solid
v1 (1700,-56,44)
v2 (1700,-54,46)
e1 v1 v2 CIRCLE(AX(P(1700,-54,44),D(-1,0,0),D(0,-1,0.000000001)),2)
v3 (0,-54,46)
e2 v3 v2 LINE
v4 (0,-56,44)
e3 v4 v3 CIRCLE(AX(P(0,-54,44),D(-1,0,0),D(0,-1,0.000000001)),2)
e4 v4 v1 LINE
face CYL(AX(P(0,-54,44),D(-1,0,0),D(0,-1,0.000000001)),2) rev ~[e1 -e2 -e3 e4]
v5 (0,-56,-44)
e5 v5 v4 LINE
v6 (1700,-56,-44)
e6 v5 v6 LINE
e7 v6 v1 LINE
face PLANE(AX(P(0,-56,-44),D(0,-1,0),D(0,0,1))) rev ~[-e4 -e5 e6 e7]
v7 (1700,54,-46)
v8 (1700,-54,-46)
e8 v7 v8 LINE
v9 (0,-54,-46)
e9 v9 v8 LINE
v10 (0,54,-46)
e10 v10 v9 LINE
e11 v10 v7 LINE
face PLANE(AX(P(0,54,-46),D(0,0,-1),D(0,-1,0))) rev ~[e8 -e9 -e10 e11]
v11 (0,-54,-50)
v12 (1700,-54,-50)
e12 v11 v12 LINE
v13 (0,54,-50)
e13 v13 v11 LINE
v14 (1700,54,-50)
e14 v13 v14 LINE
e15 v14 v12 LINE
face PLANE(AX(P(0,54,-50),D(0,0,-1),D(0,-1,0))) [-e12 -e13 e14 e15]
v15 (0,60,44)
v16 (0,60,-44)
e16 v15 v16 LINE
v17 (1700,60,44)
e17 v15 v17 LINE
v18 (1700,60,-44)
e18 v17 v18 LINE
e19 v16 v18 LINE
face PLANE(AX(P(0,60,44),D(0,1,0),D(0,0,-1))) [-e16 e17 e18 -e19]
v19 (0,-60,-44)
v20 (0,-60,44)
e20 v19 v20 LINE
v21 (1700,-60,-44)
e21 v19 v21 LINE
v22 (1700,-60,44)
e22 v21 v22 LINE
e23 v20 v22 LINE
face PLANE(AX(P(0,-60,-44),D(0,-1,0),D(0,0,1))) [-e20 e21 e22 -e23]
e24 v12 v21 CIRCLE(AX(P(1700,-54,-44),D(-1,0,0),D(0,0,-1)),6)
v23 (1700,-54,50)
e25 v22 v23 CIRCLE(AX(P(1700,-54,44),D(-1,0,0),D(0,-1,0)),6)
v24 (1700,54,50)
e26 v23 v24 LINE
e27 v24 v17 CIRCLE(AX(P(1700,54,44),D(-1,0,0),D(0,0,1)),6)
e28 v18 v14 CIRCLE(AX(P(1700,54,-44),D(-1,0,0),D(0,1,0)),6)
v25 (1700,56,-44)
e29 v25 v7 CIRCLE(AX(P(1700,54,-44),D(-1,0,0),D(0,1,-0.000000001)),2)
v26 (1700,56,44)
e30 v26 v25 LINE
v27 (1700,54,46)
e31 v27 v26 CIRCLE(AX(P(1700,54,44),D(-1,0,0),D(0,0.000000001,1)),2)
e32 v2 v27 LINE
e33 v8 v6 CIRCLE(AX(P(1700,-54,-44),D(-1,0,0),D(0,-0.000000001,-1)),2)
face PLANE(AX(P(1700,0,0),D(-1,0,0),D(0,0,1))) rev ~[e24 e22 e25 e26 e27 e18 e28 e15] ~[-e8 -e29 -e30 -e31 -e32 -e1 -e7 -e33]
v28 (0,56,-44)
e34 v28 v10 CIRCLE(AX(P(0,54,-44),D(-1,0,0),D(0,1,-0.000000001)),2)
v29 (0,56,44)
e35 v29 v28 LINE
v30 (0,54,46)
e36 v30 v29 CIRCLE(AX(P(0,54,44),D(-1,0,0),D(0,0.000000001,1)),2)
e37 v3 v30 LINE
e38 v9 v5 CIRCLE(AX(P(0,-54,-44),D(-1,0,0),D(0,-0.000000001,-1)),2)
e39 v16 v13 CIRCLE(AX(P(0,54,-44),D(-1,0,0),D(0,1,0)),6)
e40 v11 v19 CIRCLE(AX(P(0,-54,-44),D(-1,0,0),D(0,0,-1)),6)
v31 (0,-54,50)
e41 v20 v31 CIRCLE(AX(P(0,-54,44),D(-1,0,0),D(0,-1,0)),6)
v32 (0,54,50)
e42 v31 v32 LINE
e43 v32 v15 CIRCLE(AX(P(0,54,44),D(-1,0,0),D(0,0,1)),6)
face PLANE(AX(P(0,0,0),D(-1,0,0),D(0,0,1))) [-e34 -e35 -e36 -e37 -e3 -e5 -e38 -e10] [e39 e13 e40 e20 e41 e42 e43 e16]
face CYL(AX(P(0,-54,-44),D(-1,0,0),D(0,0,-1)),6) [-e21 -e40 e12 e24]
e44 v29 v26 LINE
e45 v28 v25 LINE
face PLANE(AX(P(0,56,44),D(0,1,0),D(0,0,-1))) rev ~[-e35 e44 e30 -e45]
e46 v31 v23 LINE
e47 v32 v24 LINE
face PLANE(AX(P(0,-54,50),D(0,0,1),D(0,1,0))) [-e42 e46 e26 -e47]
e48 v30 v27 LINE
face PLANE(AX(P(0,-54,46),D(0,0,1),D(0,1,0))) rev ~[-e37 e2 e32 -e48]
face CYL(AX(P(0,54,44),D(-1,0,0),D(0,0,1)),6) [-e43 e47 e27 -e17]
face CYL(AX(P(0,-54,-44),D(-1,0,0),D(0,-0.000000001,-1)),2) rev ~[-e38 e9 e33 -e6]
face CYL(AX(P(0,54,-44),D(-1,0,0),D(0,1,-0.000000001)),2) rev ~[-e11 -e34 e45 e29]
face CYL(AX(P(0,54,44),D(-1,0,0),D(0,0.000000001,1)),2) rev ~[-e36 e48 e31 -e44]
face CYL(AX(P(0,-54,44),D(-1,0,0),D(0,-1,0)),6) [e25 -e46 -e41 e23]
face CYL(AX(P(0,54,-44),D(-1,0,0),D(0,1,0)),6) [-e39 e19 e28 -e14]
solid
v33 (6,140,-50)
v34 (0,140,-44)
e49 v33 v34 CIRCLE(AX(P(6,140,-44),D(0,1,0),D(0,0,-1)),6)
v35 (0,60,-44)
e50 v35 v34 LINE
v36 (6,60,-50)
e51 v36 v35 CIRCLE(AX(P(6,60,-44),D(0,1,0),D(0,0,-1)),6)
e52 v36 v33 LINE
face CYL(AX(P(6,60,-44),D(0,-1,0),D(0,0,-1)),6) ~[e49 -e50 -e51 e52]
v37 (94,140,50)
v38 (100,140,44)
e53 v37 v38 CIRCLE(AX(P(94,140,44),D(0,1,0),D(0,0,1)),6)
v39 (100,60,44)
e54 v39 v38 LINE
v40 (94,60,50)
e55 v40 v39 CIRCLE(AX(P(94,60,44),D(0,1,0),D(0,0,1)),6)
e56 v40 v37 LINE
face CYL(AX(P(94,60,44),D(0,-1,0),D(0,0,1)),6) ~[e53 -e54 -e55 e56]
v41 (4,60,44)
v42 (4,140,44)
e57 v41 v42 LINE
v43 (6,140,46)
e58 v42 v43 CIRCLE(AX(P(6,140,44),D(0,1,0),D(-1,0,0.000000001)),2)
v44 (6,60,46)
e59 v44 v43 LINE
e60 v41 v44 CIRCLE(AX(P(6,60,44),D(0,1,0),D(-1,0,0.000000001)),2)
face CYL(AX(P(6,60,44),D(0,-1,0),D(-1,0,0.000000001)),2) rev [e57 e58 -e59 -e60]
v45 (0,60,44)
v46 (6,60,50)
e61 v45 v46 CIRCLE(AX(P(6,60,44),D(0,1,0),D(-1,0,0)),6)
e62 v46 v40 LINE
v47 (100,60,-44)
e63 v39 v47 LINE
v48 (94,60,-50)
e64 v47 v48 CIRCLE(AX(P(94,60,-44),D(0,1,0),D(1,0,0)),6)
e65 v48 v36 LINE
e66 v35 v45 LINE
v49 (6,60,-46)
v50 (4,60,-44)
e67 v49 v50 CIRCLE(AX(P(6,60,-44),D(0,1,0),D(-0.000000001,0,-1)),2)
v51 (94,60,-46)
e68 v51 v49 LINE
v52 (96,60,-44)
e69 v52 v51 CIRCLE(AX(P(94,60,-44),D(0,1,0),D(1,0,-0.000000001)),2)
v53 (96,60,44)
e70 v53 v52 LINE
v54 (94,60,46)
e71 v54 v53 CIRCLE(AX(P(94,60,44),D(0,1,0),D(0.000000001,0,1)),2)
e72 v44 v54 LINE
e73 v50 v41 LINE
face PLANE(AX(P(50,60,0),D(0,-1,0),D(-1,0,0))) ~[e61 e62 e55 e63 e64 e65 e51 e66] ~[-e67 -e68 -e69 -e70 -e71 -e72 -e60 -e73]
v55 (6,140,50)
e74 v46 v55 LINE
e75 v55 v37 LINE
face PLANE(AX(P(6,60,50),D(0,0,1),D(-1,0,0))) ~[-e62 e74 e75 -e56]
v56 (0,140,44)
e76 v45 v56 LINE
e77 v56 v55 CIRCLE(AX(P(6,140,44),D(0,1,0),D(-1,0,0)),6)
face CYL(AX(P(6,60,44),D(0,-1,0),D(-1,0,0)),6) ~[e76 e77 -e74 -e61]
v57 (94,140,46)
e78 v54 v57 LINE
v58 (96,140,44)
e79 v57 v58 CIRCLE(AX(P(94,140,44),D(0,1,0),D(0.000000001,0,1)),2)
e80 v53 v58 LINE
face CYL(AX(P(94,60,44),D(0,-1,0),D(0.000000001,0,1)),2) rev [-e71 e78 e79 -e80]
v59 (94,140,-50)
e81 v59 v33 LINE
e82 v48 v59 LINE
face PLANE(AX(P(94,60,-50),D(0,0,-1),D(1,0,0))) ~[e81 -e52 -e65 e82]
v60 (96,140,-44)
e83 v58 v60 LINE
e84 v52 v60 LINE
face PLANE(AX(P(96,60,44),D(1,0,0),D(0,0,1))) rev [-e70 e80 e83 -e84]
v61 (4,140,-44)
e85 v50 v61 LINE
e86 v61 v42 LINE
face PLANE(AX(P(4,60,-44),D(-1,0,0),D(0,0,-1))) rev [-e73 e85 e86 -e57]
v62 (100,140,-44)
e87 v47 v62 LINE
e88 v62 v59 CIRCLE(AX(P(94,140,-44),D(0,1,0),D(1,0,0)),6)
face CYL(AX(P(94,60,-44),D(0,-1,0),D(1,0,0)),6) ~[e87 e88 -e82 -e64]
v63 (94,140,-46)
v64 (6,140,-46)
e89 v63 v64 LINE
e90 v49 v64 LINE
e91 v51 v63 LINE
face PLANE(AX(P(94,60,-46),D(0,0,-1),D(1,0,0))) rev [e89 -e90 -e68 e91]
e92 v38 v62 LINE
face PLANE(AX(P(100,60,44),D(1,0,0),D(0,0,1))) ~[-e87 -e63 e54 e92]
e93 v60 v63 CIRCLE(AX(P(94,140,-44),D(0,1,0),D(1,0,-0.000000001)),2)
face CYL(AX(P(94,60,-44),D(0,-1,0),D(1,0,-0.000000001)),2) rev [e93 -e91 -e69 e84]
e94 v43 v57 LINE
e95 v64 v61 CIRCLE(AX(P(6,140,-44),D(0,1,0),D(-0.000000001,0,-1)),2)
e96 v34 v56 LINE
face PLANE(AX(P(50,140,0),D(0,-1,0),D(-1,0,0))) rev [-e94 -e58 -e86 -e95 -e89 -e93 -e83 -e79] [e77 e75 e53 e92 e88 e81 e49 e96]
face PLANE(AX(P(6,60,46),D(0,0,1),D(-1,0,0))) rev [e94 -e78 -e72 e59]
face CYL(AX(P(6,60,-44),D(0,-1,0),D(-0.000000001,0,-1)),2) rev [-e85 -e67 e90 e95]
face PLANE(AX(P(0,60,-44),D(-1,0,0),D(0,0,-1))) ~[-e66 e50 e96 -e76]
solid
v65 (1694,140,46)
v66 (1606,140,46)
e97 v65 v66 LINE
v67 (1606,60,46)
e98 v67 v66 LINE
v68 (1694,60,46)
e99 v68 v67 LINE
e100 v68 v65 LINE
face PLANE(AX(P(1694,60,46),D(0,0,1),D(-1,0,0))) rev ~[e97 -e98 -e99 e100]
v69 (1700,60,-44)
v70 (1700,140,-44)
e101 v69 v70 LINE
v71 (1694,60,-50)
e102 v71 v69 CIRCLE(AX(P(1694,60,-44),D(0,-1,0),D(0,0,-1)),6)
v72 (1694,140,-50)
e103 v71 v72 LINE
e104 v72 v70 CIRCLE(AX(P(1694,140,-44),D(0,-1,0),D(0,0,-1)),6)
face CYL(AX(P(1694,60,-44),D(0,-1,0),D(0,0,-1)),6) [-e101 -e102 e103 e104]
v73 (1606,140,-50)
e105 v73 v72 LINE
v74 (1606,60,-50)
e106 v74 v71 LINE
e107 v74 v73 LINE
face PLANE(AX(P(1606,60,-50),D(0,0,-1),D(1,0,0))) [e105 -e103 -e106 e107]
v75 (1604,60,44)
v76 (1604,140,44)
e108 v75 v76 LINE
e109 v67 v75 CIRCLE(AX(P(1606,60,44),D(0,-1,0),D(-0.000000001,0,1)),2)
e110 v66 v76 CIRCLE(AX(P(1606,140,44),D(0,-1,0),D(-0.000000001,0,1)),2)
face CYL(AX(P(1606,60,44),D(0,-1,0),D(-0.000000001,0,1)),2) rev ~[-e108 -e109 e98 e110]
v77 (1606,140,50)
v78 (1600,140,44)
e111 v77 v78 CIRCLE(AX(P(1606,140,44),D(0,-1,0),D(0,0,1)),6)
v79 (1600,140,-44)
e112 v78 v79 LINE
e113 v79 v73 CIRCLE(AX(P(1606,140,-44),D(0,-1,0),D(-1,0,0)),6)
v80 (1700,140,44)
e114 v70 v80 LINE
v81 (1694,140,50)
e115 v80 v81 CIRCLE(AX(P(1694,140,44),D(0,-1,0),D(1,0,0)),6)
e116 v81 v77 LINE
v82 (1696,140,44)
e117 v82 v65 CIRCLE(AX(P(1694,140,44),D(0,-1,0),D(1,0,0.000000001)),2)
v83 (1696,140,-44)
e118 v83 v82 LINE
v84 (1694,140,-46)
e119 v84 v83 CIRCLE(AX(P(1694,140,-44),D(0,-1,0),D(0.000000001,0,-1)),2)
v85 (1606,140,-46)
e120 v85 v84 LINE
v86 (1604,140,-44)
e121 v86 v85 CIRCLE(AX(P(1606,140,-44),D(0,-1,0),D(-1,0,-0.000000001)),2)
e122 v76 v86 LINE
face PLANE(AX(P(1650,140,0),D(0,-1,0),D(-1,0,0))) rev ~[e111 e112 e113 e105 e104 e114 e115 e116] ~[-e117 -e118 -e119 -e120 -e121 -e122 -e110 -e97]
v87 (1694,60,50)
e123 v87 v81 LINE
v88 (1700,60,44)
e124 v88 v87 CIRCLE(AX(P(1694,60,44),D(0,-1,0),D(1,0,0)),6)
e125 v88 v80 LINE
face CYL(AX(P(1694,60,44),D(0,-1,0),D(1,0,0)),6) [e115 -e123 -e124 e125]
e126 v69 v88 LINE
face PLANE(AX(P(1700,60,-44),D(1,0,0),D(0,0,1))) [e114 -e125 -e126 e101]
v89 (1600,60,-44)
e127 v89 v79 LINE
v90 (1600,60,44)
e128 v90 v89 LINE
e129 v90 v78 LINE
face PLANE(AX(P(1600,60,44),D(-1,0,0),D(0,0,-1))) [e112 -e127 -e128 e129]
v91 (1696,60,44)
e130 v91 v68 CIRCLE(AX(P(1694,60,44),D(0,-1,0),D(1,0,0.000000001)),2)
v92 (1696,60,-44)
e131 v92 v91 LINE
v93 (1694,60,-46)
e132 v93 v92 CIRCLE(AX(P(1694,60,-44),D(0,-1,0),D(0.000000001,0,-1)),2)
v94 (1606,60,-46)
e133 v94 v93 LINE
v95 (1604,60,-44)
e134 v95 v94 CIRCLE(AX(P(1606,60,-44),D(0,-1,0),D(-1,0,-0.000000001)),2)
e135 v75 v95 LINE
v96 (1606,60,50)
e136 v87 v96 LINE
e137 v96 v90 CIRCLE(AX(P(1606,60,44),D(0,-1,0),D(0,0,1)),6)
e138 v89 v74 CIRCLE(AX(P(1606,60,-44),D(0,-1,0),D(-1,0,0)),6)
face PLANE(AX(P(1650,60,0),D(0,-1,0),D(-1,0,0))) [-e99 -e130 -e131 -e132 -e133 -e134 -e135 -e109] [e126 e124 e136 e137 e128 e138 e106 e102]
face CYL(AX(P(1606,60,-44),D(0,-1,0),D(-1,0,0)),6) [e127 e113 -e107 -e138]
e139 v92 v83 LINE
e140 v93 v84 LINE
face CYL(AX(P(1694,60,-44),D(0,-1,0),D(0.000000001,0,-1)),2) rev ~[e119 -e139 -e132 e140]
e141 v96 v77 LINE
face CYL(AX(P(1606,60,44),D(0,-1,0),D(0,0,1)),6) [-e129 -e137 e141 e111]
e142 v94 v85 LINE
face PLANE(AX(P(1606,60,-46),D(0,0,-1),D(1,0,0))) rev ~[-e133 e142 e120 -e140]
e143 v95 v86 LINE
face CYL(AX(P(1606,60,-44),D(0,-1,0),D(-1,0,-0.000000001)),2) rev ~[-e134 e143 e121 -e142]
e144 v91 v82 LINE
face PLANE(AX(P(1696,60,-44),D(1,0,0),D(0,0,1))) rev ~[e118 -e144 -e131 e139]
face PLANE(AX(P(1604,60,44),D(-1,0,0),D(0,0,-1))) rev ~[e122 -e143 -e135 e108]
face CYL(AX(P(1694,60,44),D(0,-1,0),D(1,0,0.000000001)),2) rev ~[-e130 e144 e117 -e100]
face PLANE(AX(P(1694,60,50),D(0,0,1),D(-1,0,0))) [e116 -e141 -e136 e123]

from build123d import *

# Parameters (mm, degrees)
DODANIE_WYCI_GNI_CIE1_DEPTH = 1700
DODANIE_WYCI_GNI_CIE2_DEPTH = 80


with BuildPart() as part:
    # Szkic1 → Dodanie-wyciągnięcie1 (new body)
    with BuildSketch(Plane(origin=(0, 0, 0), x_dir=(0, 0, -1), z_dir=(1, 0, 0))):
        with BuildLine():
            Line((-44, 60), (44, 60))
            ThreePointArc((44, 60), (48.242640687, 58.242640687), (50, 54))
            Line((50, 54), (50, -54))
            ThreePointArc((50, -54), (48.242640687, -58.242640687), (44, -60))
            Line((44, -60), (-44, -60))
            ThreePointArc((-44, -60), (-48.242640687, -58.242640687), (-50, -54))
            Line((-50, -54), (-50, 54))
            ThreePointArc((-50, 54), (-48.242640687, 58.242640687), (-44, 60))
        make_face()
        with BuildLine():
            Line((-44, 56), (44, 56))
            ThreePointArc((44, 56), (45.414213562, 55.414213562), (46, 54))
            Line((46, 54), (46, -54))
            ThreePointArc((46, -54), (45.414213562, -55.414213562), (44, -56))
            Line((44, -56), (-44, -56))
            ThreePointArc((-44, -56), (-45.414213562, -55.414213562), (-46, -54))
            Line((-46, -54), (-46, 54))
            ThreePointArc((-46, 54), (-45.414213562, 55.414213562), (-44, 56))
        make_face(mode=Mode.SUBTRACT)
    extrude(amount=DODANIE_WYCI_GNI_CIE1_DEPTH)


with BuildPart() as body_2:
    # Szkic2 → Dodanie-wyciągnięcie2 (new body)
    with BuildSketch(Plane(origin=(0, 60, 0), x_dir=(1, 0, 0), z_dir=(0, 1, 0))):
        with BuildLine():
            Line((1606, 50), (1694, 50))
            ThreePointArc((1694, 50), (1698.242640687, 48.242640687), (1700, 44))
            Line((1700, 44), (1700, -44))
            ThreePointArc((1700, -44), (1698.242640687, -48.242640687), (1694, -50))
            Line((1694, -50), (1606, -50))
            ThreePointArc((1606, -50), (1601.757359313, -48.242640687), (1600, -44))
            Line((1600, -44), (1600, 44))
            ThreePointArc((1600, 44), (1601.757359313, 48.242640687), (1606, 50))
        make_face()
        with BuildLine():
            Line((1606, 46), (1694, 46))
            ThreePointArc((1694, 46), (1695.414213562, 45.414213562), (1696, 44))
            Line((1696, 44), (1696, -44))
            ThreePointArc((1696, -44), (1695.414213562, -45.414213562), (1694, -46))
            Line((1694, -46), (1606, -46))
            ThreePointArc((1606, -46), (1604.585786438, -45.414213562), (1604, -44))
            Line((1604, -44), (1604, 44))
            ThreePointArc((1604, 44), (1604.585786438, 45.414213562), (1606, 46))
        make_face(mode=Mode.SUBTRACT)
    extrude(amount=DODANIE_WYCI_GNI_CIE2_DEPTH)


with BuildPart() as body_3:
    # Lustro3: mirrored copy
    add(body_2.part.mirror(Plane.ZY.offset(-850)))


solid = Compound([part.part, body_2.part, body_3.part])
